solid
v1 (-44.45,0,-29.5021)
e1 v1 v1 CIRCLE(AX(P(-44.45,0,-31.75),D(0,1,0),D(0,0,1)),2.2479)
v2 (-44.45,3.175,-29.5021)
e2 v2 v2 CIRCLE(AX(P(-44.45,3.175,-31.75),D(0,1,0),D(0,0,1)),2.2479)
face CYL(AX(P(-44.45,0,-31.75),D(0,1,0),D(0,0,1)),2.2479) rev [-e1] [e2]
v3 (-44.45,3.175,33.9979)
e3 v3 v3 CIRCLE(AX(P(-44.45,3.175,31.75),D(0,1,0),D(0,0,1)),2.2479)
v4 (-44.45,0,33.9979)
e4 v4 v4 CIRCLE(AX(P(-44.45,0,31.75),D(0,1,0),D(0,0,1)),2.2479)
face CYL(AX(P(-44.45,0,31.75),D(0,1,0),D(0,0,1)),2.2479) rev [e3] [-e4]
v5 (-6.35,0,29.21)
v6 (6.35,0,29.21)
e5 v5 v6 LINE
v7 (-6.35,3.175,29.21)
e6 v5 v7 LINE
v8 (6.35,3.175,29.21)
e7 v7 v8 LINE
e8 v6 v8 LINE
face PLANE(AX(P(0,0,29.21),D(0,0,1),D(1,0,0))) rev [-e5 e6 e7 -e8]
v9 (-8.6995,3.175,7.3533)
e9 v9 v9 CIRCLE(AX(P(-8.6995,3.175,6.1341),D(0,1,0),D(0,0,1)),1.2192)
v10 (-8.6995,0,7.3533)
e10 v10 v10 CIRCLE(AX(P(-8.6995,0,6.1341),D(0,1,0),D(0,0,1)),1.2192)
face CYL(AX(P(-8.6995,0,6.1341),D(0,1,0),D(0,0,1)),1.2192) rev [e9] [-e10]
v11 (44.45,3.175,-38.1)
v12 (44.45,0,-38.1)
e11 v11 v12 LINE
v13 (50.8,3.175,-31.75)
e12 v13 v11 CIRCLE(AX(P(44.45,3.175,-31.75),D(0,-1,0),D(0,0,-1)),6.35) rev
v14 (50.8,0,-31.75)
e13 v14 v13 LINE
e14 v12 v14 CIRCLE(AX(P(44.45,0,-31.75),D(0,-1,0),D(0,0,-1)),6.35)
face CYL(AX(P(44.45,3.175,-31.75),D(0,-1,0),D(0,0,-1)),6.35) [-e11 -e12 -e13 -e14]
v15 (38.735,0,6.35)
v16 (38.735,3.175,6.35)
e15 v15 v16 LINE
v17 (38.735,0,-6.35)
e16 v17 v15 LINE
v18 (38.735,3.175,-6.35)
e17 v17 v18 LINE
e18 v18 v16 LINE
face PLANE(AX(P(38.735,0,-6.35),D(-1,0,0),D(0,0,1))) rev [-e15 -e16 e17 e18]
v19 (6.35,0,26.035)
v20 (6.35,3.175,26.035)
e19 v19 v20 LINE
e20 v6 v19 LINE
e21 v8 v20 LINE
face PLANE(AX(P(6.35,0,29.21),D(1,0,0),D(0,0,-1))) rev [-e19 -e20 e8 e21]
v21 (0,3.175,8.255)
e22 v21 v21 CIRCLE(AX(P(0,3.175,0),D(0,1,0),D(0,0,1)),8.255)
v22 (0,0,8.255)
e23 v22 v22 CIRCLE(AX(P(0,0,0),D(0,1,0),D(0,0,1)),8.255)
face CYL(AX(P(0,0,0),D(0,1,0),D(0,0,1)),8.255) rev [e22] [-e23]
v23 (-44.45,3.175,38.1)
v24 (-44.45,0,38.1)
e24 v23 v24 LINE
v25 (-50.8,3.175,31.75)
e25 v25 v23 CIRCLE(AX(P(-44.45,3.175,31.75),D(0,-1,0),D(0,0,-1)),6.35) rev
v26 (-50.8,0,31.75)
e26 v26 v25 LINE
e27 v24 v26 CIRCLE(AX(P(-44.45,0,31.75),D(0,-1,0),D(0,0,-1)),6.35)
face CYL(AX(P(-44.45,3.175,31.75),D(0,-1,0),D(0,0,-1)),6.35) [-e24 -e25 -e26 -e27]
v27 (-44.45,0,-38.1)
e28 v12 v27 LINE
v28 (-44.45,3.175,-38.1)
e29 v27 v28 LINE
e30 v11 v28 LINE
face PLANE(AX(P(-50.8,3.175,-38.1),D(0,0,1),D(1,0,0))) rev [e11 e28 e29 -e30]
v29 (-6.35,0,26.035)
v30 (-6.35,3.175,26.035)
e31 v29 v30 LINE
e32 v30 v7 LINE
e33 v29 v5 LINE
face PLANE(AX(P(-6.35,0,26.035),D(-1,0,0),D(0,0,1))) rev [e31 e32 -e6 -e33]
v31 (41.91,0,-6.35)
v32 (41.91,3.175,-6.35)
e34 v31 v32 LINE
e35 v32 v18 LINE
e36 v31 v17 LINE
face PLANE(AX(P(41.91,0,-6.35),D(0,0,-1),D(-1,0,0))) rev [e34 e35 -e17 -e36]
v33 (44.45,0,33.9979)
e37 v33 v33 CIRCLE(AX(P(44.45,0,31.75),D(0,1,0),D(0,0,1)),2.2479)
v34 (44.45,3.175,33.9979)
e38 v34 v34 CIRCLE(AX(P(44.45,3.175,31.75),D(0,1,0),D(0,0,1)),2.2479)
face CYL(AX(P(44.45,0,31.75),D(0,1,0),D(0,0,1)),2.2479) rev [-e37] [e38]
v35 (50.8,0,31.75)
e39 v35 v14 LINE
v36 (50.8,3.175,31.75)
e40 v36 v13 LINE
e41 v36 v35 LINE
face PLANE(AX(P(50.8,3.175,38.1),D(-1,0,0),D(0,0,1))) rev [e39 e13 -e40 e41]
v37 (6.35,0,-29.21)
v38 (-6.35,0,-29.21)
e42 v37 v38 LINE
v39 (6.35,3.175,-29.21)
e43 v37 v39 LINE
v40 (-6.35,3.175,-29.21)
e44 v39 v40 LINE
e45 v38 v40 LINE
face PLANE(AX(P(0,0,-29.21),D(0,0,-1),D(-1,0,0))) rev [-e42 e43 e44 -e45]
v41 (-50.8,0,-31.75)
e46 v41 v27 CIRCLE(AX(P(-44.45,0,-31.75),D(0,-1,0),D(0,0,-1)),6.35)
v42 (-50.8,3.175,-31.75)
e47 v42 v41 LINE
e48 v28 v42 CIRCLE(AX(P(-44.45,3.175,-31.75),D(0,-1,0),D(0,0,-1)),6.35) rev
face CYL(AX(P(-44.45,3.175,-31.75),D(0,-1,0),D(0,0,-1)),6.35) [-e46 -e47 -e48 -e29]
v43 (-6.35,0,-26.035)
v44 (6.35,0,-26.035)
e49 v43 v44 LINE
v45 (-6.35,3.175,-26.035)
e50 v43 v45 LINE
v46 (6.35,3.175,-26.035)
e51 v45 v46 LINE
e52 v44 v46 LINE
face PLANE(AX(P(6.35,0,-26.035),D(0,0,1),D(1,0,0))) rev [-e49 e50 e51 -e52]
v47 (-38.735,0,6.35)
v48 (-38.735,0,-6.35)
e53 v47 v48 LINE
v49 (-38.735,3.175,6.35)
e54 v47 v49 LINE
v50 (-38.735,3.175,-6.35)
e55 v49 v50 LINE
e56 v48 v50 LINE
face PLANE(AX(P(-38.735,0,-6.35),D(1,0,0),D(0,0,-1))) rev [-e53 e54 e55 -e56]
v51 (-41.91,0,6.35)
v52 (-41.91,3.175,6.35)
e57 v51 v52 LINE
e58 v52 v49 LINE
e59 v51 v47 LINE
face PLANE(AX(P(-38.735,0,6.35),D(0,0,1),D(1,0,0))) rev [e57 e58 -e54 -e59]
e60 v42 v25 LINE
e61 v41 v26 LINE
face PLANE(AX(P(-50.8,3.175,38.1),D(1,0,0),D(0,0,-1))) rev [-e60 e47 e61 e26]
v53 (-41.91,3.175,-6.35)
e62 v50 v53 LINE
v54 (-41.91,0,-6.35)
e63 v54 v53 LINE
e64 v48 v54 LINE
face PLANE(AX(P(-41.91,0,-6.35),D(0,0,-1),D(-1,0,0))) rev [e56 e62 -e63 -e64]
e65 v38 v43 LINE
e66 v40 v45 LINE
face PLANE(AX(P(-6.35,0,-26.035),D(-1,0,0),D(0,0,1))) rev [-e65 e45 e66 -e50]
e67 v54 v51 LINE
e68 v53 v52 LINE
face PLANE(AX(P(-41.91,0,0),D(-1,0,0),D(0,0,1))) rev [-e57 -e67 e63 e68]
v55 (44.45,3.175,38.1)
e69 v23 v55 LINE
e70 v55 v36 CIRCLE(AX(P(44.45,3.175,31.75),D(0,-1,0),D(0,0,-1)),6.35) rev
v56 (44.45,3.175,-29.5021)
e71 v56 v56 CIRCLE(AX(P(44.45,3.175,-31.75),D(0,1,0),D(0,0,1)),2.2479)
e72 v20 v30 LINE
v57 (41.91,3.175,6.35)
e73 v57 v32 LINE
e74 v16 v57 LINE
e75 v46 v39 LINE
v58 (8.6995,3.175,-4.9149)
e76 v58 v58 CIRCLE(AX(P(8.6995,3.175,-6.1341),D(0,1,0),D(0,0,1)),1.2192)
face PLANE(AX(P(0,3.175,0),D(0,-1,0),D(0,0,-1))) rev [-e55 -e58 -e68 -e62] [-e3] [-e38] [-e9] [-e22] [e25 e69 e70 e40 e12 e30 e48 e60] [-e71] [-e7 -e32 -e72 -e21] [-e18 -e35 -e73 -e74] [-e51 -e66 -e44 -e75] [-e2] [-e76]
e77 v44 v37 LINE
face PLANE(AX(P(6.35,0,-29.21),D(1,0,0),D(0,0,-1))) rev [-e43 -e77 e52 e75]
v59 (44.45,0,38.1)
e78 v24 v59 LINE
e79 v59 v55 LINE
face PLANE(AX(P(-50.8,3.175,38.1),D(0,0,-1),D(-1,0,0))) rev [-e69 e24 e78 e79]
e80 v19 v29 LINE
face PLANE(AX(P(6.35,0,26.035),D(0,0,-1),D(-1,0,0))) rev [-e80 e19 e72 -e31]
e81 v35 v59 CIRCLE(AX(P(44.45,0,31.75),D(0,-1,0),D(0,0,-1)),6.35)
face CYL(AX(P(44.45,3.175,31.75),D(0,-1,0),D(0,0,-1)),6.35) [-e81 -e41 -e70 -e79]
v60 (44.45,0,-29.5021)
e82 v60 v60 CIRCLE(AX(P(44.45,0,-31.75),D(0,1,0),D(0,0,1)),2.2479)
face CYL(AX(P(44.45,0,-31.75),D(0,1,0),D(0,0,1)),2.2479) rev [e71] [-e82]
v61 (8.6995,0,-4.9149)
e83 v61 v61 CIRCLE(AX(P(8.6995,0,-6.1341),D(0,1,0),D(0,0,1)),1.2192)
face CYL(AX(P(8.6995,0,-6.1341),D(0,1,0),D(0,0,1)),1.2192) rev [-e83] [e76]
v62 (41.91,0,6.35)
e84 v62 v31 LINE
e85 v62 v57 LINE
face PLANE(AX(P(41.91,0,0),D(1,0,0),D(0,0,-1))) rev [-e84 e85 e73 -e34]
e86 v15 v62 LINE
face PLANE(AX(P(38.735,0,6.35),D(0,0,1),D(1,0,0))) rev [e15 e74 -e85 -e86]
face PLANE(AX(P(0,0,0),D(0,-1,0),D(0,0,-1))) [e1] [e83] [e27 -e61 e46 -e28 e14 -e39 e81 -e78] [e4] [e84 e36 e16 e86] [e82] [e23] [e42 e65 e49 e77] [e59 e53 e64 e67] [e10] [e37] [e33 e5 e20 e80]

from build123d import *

# Parameters (mm, degrees)
SKETCH1_W           = 101.6
SKETCH1_H           = 76.2
BOSS_EXTRUDE1_DEPTH = 3.175
FILLET1_R           = 6.35
SKETCH2_R           = 2.2479
CUT_EXTRUDE1_DEPTH  = 4.175
SKETCH3_R           = 8.255
SKETCH3_R_2         = 1.2192
CUT_EXTRUDE2_DEPTH  = 4.175


with BuildPart() as part:
    # Sketch1 → Boss-Extrude1 (new body)
    with BuildSketch(Plane(origin=(0, 0, 0), x_dir=(1, 0, 0), z_dir=(0, 1, 0))):
        Rectangle(SKETCH1_W, SKETCH1_H)
    extrude(amount=BOSS_EXTRUDE1_DEPTH)

    # Fillet1
    fillet1_edges = [part.edges().sort_by_distance(p)[0] for p in [
        (50.8, 1.5875, 38.1),
        (-50.8, 1.5875, 38.1),
        (-50.8, 1.5875, -38.1),
        (50.8, 1.5875, -38.1),
    ]]
    fillet(fillet1_edges, radius=FILLET1_R)

    # Sketch2 → Cut-Extrude1 (cut, through all)
    with BuildSketch(Plane(origin=(0, 3.175, 0), x_dir=(1, 0, 0), z_dir=(0, 1, 0))):
        with Locations((-44.45, 31.75)):
            Circle(SKETCH2_R)
        with Locations((44.45, 31.75)):
            Circle(SKETCH2_R)
        with Locations((44.45, -31.75)):
            Circle(SKETCH2_R)
        with Locations((-44.45, -31.75)):
            Circle(SKETCH2_R)
        Polygon((-41.91, 0), (-41.91, 6.35), (-38.735, 6.35), (-38.735, -6.35), (-41.91, -6.35), align=None)
        Polygon((0, 29.21), (6.35, 29.21), (6.35, 26.035), (-6.35, 26.035), (-6.35, 29.21), align=None)
        Polygon((41.91, 0), (41.91, 6.35), (38.735, 6.35), (38.735, -6.35), (41.91, -6.35), align=None)
        Polygon((0, -29.21), (6.35, -29.21), (6.35, -26.035), (-6.35, -26.035), (-6.35, -29.21), align=None)
    extrude(amount=-CUT_EXTRUDE1_DEPTH, mode=Mode.SUBTRACT)

    # Sketch3 → Cut-Extrude2 (cut, through all)
    with BuildSketch(Plane(origin=(0, 3.175, 0), x_dir=(1, 0, 0), z_dir=(0, 1, 0))):
        Circle(SKETCH3_R)
        with Locations((-8.6995, -6.1341)):
            Circle(SKETCH3_R_2)
        with Locations((8.6995, 6.1341)):
            Circle(SKETCH3_R_2)
    extrude(amount=-CUT_EXTRUDE2_DEPTH, mode=Mode.SUBTRACT)


solid = part.part
